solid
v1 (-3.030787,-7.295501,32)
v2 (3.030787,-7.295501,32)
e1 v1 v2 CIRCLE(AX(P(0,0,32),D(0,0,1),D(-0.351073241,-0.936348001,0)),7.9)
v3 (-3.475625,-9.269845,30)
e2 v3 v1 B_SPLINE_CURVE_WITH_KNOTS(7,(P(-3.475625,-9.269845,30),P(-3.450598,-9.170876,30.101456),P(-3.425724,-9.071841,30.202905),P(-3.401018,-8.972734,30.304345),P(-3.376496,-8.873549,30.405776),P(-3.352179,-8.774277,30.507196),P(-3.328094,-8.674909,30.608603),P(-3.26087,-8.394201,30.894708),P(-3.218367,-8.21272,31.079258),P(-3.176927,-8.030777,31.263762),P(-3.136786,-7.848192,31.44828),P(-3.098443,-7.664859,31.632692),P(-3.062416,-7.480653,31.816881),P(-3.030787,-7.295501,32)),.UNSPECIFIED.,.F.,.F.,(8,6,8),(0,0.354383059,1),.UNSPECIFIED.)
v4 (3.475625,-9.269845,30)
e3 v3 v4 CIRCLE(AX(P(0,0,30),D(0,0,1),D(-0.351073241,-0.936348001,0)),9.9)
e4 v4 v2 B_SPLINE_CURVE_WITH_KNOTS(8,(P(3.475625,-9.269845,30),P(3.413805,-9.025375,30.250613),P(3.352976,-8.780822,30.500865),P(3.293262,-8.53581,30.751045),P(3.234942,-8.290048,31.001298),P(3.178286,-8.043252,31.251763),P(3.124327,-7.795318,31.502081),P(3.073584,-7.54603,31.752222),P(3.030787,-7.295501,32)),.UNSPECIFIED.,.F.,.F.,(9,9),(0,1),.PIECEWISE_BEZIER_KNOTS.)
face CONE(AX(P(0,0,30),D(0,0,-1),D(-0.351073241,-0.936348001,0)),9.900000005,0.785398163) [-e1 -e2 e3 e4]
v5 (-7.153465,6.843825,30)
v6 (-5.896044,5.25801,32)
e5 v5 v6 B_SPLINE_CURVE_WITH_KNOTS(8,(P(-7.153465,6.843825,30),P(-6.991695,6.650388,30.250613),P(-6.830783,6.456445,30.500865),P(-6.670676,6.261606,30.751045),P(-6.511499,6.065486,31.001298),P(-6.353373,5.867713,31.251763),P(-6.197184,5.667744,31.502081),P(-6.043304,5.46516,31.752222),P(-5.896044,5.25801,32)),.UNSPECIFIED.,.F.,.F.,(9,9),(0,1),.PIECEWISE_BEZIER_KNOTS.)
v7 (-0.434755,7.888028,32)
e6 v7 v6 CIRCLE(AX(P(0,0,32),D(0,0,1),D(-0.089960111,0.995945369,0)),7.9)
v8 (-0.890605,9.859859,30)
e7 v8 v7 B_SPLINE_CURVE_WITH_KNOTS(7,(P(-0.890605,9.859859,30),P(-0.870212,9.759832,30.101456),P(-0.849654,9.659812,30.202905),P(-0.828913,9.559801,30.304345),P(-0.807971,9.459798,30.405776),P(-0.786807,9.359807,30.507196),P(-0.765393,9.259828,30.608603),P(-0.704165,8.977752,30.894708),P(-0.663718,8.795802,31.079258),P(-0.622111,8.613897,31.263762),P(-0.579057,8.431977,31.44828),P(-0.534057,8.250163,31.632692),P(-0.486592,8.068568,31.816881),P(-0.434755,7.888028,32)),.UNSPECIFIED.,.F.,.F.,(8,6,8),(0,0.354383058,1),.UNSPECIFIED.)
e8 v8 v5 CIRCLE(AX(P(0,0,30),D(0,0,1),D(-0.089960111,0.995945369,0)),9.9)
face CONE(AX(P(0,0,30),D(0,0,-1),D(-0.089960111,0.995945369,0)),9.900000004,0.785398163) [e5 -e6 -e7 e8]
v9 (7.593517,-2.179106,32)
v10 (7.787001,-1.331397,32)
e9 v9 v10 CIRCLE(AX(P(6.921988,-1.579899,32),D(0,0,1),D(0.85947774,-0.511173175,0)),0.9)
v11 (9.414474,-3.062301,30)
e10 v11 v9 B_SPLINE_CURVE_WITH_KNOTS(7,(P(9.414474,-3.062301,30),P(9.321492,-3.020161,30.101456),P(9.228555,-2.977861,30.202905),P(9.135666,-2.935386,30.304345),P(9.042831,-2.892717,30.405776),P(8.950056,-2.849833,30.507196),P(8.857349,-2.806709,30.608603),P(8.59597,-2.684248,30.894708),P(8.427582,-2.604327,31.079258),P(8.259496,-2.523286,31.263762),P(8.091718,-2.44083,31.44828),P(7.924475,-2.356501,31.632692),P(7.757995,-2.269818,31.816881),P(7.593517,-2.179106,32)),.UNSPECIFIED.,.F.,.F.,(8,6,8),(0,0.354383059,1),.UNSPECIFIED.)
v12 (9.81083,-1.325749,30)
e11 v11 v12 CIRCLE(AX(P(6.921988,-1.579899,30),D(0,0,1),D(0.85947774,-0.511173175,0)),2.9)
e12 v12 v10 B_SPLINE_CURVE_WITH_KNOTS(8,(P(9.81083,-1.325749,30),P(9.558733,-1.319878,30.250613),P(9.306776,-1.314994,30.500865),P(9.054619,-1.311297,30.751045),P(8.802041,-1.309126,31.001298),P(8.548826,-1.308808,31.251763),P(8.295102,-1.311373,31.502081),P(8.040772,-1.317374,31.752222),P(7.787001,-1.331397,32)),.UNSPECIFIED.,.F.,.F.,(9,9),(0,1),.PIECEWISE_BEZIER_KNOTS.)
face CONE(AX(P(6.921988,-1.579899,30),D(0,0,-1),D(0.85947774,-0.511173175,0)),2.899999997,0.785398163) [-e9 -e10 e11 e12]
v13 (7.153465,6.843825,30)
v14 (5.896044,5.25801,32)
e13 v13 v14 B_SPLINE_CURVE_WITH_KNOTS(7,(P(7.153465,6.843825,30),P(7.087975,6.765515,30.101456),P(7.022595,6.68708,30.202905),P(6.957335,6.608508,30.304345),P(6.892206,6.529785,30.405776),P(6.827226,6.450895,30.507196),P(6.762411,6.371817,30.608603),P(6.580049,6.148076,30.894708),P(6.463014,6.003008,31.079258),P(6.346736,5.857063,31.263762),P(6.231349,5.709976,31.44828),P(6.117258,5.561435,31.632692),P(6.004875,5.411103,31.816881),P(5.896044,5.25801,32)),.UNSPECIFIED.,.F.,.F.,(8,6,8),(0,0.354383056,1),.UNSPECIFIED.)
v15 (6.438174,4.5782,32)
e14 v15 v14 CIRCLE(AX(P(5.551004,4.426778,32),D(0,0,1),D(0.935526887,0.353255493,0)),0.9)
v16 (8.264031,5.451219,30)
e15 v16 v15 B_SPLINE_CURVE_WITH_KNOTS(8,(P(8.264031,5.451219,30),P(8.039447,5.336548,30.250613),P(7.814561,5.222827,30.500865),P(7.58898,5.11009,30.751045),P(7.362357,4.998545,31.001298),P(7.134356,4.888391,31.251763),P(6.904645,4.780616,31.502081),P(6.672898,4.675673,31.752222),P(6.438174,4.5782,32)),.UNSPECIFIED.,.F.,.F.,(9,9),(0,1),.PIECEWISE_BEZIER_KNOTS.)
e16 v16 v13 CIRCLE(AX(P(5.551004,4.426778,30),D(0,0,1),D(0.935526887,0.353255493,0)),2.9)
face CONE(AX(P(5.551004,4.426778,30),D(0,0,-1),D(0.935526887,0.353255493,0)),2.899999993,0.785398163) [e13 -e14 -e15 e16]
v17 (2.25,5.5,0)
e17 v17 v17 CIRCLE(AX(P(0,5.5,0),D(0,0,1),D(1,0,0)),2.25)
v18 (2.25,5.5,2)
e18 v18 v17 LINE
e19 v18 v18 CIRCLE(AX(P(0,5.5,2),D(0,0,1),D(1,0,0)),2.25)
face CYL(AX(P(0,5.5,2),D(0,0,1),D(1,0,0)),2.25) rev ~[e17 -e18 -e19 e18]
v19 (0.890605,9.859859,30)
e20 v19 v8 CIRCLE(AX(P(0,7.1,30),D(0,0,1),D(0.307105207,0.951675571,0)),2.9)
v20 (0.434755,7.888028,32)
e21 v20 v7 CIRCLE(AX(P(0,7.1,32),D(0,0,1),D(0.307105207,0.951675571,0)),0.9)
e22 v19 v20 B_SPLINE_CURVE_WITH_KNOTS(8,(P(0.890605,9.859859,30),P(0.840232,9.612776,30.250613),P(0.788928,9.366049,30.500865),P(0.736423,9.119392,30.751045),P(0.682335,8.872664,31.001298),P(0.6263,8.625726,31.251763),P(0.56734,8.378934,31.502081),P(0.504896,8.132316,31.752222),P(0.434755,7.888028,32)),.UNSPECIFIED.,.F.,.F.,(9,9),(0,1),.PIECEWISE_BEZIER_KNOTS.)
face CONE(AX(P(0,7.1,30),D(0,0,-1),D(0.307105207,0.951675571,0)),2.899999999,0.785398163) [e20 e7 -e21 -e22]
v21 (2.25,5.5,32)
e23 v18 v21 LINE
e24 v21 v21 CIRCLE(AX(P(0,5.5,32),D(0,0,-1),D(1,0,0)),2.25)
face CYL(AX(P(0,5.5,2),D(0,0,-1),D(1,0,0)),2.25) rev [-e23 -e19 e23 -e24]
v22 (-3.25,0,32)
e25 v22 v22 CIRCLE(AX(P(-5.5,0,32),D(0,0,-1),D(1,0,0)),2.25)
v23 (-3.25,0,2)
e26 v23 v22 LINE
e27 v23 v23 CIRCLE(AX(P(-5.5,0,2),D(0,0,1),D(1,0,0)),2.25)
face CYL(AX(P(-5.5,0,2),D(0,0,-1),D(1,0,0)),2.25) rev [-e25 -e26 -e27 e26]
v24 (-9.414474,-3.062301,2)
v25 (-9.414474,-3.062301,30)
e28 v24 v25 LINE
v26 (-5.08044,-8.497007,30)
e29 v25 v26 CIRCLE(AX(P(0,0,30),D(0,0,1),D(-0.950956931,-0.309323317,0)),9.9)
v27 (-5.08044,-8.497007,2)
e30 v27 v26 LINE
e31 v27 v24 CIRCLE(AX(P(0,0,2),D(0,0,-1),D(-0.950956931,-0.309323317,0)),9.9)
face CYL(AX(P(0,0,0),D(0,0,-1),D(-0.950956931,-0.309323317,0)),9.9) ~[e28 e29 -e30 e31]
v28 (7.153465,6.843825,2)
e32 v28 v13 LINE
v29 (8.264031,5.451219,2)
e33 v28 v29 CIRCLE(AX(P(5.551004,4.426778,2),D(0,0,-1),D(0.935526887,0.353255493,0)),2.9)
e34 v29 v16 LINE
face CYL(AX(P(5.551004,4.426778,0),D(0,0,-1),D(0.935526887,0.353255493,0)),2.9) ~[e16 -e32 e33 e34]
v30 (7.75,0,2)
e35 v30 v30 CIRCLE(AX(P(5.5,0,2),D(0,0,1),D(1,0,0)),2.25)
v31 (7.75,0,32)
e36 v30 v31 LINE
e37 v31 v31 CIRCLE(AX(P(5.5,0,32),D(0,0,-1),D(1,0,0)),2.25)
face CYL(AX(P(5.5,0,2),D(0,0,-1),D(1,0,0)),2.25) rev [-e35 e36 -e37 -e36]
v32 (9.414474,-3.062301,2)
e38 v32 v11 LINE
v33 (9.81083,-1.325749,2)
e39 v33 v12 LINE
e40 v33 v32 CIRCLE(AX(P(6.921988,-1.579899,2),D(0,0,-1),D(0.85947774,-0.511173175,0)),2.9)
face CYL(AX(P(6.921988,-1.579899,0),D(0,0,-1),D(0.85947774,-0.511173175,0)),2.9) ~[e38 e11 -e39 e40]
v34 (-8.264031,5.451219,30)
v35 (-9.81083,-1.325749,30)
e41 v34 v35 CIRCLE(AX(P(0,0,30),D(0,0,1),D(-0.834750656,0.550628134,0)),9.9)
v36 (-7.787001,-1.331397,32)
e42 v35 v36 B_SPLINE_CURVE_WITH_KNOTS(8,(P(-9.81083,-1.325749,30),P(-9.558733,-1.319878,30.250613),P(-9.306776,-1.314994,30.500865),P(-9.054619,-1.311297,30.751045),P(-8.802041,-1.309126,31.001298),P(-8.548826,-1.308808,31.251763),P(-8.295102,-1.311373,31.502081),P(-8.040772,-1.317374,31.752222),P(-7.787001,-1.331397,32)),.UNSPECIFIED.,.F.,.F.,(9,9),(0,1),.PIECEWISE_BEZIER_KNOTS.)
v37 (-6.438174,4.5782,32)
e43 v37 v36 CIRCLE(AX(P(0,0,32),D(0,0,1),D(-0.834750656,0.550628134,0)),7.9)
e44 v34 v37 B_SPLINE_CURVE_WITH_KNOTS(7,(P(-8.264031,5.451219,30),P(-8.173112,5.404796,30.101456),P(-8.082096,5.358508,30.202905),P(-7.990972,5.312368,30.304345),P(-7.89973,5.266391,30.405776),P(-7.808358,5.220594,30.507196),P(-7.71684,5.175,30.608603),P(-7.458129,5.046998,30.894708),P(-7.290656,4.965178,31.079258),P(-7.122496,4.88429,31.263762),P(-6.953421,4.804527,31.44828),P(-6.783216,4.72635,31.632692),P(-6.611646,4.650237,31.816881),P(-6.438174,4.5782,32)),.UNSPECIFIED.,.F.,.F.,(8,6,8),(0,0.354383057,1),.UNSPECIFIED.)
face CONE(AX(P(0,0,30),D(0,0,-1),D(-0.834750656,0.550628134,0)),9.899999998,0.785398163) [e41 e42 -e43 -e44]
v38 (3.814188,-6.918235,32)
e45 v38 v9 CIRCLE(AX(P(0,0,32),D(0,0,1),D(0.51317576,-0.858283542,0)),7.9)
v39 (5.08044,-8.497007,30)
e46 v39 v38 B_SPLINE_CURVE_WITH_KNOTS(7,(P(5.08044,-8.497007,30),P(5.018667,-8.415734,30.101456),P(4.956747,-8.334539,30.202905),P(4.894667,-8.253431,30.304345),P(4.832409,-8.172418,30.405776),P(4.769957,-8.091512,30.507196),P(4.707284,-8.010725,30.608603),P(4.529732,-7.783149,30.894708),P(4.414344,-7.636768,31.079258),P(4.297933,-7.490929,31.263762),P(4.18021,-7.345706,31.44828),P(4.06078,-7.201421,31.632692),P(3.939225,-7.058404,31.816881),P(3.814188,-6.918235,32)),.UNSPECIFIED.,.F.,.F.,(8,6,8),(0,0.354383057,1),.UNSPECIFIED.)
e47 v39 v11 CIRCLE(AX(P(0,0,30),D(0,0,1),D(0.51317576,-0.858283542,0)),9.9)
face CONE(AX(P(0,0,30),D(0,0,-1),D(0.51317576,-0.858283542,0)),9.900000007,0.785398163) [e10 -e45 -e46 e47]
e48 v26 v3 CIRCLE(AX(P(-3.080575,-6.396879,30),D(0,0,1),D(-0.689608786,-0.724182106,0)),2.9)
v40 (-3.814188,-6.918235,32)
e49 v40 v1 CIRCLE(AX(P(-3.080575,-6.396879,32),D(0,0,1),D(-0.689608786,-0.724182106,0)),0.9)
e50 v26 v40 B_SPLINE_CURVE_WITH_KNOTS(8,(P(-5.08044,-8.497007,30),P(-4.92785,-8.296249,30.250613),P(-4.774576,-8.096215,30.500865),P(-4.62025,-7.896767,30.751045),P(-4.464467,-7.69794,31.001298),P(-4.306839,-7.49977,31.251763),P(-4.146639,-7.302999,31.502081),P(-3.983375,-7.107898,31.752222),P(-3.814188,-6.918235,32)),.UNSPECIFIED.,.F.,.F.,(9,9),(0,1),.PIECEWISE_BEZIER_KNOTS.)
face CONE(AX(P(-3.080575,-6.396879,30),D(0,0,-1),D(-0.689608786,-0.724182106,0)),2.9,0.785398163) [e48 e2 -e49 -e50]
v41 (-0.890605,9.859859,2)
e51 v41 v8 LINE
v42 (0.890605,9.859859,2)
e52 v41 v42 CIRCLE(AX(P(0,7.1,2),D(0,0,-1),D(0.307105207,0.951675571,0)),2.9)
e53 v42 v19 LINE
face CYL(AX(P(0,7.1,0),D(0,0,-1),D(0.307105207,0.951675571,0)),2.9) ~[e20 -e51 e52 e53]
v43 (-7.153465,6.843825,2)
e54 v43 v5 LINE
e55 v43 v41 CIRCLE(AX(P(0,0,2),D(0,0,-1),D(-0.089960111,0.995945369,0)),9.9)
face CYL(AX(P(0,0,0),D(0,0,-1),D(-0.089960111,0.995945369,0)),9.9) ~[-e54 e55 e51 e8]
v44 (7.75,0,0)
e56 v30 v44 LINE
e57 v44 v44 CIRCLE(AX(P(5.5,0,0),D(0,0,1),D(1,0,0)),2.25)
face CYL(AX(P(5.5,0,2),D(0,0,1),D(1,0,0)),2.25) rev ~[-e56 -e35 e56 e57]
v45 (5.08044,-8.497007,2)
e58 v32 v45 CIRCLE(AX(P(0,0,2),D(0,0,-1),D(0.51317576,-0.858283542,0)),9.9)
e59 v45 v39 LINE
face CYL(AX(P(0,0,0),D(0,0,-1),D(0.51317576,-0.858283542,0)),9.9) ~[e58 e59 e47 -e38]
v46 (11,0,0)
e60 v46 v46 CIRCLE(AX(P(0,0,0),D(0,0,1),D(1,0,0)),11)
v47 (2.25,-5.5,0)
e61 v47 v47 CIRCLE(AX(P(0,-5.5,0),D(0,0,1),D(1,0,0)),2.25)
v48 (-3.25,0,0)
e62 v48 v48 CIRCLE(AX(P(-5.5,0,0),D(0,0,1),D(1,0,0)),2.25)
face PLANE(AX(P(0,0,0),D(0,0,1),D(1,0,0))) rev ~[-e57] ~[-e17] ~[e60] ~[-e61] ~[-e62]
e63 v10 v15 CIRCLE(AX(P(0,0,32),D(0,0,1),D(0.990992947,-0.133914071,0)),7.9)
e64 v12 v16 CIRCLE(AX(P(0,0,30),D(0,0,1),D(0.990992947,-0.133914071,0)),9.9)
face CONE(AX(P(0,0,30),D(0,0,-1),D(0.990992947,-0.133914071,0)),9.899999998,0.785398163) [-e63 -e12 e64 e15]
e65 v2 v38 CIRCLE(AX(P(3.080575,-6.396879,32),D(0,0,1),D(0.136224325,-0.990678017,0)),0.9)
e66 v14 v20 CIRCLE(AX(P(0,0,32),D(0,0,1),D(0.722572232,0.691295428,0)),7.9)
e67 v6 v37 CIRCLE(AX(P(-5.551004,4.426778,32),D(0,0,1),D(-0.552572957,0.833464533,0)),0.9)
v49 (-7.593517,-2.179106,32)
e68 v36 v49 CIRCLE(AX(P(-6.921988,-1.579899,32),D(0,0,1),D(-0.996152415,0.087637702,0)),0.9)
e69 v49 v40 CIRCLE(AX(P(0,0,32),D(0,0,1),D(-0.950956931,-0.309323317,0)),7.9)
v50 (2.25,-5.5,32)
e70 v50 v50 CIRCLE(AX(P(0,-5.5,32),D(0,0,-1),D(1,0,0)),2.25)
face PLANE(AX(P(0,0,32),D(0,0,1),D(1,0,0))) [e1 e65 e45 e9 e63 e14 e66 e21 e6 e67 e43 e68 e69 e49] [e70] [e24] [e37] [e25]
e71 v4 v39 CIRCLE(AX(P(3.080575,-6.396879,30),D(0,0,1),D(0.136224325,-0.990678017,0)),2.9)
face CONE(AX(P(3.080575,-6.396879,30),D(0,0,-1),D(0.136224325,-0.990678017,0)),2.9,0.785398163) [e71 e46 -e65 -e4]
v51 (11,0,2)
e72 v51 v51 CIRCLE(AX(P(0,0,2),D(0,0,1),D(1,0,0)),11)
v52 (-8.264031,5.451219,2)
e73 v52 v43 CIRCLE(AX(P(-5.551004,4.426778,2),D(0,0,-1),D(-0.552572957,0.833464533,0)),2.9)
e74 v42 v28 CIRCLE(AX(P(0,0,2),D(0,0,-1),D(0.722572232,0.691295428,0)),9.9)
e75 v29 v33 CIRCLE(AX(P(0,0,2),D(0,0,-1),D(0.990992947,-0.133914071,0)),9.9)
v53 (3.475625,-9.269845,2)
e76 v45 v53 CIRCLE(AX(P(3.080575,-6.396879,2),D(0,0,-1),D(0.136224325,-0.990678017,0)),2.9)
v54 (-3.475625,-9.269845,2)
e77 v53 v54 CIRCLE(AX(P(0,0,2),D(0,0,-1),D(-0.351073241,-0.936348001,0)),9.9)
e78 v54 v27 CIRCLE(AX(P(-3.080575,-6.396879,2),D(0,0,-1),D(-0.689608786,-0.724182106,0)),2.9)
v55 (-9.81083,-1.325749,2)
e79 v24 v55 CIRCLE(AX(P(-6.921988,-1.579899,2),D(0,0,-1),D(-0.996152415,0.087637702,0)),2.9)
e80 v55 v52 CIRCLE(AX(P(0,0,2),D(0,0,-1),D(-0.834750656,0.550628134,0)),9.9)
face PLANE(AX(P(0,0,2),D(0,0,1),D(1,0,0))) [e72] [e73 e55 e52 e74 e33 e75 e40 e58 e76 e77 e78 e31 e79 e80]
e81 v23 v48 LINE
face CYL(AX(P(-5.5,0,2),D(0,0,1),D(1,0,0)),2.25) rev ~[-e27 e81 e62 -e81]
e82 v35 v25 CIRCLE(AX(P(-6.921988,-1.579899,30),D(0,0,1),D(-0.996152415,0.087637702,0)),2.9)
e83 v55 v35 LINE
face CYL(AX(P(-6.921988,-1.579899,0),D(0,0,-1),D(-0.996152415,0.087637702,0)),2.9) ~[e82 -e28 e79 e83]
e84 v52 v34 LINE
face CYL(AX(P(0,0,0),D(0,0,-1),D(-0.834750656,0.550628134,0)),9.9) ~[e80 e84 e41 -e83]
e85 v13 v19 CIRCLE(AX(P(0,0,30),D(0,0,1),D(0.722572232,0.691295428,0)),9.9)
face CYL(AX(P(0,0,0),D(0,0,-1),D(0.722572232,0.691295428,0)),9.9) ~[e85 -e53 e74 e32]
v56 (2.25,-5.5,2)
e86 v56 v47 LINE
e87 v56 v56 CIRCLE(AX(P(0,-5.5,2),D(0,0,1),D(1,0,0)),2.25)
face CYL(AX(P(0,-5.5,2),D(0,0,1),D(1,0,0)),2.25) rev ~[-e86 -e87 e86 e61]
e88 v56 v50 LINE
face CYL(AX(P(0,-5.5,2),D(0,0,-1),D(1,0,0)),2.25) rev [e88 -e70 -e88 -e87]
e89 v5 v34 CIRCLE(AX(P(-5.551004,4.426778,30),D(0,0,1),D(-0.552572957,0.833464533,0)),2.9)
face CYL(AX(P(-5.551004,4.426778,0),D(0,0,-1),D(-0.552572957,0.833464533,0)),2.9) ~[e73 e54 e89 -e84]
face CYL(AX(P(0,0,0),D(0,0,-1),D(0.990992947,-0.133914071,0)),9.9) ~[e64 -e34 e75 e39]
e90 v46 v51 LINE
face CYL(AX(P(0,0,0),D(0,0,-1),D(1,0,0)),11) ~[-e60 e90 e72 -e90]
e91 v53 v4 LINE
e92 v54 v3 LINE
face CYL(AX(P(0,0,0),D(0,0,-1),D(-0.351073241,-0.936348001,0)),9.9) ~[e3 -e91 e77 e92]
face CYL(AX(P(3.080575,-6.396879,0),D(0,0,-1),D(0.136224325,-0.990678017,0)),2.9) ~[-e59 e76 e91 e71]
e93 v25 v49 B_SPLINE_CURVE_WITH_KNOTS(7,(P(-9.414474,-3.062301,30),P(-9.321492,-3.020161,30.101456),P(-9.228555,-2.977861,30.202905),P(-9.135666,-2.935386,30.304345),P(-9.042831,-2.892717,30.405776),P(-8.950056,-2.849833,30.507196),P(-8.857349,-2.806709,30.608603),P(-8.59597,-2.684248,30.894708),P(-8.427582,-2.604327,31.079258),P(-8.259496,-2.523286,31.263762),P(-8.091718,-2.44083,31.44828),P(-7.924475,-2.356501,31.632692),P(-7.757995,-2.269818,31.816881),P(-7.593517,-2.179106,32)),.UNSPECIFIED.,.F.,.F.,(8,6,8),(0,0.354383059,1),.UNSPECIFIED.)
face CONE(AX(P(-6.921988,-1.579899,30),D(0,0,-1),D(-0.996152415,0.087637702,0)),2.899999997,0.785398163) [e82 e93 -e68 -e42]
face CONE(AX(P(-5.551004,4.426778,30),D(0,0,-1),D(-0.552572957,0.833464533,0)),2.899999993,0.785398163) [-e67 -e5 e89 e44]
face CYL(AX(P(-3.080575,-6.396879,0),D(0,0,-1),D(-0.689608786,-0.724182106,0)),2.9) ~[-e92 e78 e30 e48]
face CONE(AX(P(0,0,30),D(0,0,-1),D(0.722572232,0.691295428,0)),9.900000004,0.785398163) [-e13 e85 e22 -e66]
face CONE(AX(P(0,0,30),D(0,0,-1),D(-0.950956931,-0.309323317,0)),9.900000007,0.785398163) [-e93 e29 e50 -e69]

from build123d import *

# Parameters (mm, degrees)
AUFSATZ_LINEAR_AUSTRAGEN1_DEPTH      = 32
SKIZZE2_R                            = 11
AUFSATZ_LINEAR_AUSTRAGEN2_DEPTH      = 2
FASE1_SIZE                           = 2
SKIZZE3_R                            = 2.25
SCHNITT_LINEAR_AUSTRAGEN1_DEPTH      = 31.0000001
SCHNITT_LINEAR_AUSTRAGEN1_DEPTH_BACK = 3


with BuildPart() as part:
    # Skizze1 → Aufsatz-Linear austragen1 (new body)
    with BuildSketch(Plane.XY):
        with BuildLine():
            ThreePointArc((9.810830179, -1.325749297), (9.651786331, 2.202957246), (8.264031498, 5.451218525))
            ThreePointArc((8.264031498, 5.451218525), (7.818314825, 6.234898019), (7.153465102, 6.843824737))
            ThreePointArc((7.153465102, 6.843824737), (4.295449017, 8.919591792), (0.8906051, 9.859859155))
            ThreePointArc((0.8906051, 9.859859155), (0, 10), (-0.8906051, 9.859859155))
            ThreePointArc((-0.8906051, 9.859859155), (-4.295449017, 8.919591792), (-7.153465102, 6.843824737))
            ThreePointArc((-7.153465102, 6.843824737), (-7.818314825, 6.234898019), (-8.264031498, 5.451218525))
            ThreePointArc((-8.264031498, 5.451218525), (-9.651786331, 2.202957246), (-9.810830179, -1.325749297))
            ThreePointArc((-9.810830179, -1.325749297), (-9.749279122, -2.22520934), (-9.414473622, -3.062300839))
            ThreePointArc((-9.414473622, -3.062300839), (-7.740131676, -6.172549038), (-5.080440026, -8.497007069))
            ThreePointArc((-5.080440026, -8.497007069), (-4.338837391, -9.009688679), (-3.475625088, -9.269845212))
            ThreePointArc((-3.475625088, -9.269845212), (0, -9.9), (3.475625088, -9.269845212))
            ThreePointArc((3.475625088, -9.269845212), (4.338837391, -9.009688679), (5.080440026, -8.497007069))
            ThreePointArc((5.080440026, -8.497007069), (7.740131676, -6.172549038), (9.414473622, -3.062300839))
            ThreePointArc((9.414473622, -3.062300839), (9.749279122, -2.22520934), (9.810830179, -1.325749297))
        make_face()
    extrude(amount=AUFSATZ_LINEAR_AUSTRAGEN1_DEPTH)

    # Skizze2 → Aufsatz-Linear austragen2 (add)
    with BuildSketch(Plane.XY):
        Circle(SKIZZE2_R)
    extrude(amount=AUFSATZ_LINEAR_AUSTRAGEN2_DEPTH)

    # Fase1
    fase1_edges = [part.edges().sort_by_distance(p)[0] for p in [
        (7.818314825, 6.234898019, 32),
        (4.295449017, 8.919591792, 32),
        (0, 10, 32),
        (-4.295449017, 8.919591792, 32),
        (-7.818314825, 6.234898019, 32),
        (-9.651786331, 2.202957246, 32),
        (-9.749279122, -2.22520934, 32),
        (-7.740131676, -6.172549038, 32),
        (-4.338837391, -9.009688679, 32),
        (0, -9.9, 32),
        (9.651786331, 2.202957246, 32),
        (4.338837391, -9.009688679, 32),
        (7.740131676, -6.172549038, 32),
        (9.749279122, -2.22520934, 32),
    ]]
    chamfer(fase1_edges, length=FASE1_SIZE)

    # Skizze3 → Schnitt-Linear austragen1 (cut, two sides)
    with BuildSketch(Plane.XY.offset(2)) as schnitt_linear_austragen1_sk:
        with Locations((0, 5.5)):
            Circle(SKIZZE3_R)
        with Locations((5.5, 0)):
            Circle(SKIZZE3_R)
        with Locations((0, -5.5)):
            Circle(SKIZZE3_R)
        with Locations((-5.5, 0)):
            Circle(SKIZZE3_R)
    extrude(amount=SCHNITT_LINEAR_AUSTRAGEN1_DEPTH, mode=Mode.SUBTRACT)
    extrude(schnitt_linear_austragen1_sk.sketch, amount=-SCHNITT_LINEAR_AUSTRAGEN1_DEPTH_BACK, mode=Mode.SUBTRACT)


solid = part.part
